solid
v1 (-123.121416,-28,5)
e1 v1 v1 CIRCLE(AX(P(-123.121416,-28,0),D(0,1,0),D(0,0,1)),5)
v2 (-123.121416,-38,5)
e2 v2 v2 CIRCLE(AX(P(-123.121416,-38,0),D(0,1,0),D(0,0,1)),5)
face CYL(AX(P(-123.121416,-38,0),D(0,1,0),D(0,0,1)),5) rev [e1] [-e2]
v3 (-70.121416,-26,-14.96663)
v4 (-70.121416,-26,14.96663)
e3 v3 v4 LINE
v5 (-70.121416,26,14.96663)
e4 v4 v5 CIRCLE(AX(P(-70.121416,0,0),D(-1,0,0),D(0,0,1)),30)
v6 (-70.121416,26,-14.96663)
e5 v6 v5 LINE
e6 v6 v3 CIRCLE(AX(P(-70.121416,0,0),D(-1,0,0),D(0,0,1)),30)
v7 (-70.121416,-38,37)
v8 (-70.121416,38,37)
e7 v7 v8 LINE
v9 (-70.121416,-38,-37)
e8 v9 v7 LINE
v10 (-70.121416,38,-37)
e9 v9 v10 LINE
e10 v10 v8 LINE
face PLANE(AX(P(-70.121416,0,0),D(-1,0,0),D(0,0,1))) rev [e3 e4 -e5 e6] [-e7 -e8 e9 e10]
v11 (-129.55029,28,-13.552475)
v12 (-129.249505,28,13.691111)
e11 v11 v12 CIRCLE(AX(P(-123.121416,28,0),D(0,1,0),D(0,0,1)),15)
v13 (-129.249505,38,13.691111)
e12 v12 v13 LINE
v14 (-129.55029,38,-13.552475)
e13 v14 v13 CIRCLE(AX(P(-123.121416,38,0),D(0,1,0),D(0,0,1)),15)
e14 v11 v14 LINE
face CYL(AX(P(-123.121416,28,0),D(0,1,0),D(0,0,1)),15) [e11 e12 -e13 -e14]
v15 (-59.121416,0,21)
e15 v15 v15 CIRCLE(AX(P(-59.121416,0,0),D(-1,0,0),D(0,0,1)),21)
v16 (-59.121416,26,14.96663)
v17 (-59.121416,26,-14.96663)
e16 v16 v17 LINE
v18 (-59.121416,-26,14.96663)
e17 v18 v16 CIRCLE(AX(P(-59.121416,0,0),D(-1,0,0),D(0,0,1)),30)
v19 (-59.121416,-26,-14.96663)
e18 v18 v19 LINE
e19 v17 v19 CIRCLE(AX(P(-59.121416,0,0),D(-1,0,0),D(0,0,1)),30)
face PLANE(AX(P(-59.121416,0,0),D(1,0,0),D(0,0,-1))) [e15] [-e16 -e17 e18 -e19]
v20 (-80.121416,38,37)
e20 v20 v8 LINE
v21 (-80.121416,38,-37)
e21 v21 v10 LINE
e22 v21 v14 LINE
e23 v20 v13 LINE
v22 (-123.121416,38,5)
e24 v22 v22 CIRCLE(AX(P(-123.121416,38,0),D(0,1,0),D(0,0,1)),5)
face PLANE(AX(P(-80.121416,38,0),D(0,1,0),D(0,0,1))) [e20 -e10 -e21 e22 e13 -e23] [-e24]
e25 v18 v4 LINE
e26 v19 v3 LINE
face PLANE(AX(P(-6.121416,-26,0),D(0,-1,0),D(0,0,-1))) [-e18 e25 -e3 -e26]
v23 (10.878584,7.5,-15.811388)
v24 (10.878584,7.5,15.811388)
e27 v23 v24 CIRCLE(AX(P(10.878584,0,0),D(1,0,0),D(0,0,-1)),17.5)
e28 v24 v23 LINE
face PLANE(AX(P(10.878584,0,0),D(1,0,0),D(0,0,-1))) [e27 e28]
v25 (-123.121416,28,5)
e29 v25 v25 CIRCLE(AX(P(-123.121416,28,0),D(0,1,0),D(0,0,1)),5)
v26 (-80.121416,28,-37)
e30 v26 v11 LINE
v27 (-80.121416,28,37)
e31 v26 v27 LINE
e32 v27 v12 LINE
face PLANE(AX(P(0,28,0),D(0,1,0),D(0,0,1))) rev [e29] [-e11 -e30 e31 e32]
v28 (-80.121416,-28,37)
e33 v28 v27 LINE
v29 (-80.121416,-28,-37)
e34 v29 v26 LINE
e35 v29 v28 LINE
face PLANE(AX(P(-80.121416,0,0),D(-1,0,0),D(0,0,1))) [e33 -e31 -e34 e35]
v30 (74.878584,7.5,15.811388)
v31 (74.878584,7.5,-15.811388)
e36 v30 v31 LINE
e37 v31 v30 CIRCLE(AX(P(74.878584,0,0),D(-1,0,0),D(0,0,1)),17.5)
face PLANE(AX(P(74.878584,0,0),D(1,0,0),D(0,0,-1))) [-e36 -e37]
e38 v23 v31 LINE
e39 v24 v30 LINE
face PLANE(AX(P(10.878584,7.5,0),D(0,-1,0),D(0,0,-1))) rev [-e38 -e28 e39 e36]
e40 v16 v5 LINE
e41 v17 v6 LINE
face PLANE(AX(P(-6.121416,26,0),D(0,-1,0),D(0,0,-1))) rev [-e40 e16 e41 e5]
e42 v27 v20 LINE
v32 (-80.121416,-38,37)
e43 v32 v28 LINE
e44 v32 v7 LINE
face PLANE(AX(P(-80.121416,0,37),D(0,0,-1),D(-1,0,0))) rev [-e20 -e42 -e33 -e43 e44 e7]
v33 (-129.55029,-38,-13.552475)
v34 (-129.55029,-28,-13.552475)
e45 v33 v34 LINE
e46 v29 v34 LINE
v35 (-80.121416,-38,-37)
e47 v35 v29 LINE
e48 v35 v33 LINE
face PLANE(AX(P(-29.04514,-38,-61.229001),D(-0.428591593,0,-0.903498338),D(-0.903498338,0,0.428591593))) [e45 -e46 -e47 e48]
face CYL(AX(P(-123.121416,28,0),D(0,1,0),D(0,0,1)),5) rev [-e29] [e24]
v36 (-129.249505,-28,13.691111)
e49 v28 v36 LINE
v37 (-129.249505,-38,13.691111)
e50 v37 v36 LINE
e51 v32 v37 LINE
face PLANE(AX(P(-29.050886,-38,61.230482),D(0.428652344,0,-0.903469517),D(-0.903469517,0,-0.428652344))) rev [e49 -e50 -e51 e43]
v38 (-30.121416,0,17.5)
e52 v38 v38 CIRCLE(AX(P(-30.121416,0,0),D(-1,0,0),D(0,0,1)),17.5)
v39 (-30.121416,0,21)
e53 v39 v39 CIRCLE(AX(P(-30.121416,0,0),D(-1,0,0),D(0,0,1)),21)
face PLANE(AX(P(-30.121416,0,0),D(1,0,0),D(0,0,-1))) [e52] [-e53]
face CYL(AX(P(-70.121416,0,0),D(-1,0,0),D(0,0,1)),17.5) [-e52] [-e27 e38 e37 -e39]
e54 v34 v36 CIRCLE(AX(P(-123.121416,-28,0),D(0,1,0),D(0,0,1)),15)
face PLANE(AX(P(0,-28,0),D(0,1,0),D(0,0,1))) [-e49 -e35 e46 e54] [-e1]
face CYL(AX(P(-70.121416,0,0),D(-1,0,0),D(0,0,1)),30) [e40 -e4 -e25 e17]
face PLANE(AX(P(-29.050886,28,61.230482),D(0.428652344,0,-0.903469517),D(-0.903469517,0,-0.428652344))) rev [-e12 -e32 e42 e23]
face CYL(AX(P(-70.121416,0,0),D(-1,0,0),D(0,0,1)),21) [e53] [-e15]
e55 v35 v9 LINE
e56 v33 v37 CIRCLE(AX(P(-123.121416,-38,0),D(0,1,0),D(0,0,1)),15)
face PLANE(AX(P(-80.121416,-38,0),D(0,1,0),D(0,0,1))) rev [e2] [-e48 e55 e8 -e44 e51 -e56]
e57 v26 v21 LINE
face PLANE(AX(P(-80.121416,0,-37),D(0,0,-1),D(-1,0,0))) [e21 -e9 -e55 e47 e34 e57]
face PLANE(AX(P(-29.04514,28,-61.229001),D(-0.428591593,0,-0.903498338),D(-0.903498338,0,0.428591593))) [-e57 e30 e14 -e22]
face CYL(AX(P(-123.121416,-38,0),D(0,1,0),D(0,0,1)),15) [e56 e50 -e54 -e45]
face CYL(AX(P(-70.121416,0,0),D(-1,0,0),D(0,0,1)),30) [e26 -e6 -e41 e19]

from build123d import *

# Parameters (mm, degrees)
CUT_EXTRUDE_1_DEPTH = 64
CUT_EXTRUDE_START   = -64
CUT_EXTRUDE_2_DEPTH = 64
SKETCH_4_W          = 74
SKETCH_4_H          = 76
EXTRUDE_1_DEPTH     = 10
EXTRUDE_START       = -66
SKETCH_5_R          = 5
EXTRUDE_2_DEPTH     = 10
SKETCH_5_3_R        = 5
EXTRUDE_3_DEPTH     = 10


with BuildPart() as part:
    # 스케치1 → 회전1 (revolve)
    with BuildSketch(Plane(origin=(0, 0, 0), x_dir=(1, 0, 0), z_dir=(0, 1, 0))):
        Polygon((74.878584377, 0), (-70.121415623, 0), (-70.121415623, -30), (-59.121415623, -30), (-59.121415623, -21), (-30.121415623, -21), (-30.121415623, -17.5), (74.878584377, -17.5), align=None)
    revolve(axis=Axis((-70.121415623, 0, 0), (1, 0, 0)))

    # 스케치2 → 컷-돌출1 (cut)
    with BuildSketch(Plane(origin=(74.878584377, 0, 0), x_dir=(0, 0, -1), z_dir=(1, 0, 0))):
        with BuildLine():
            ThreePointArc((15.811388301, 7.5), (0, 17.5), (-15.811388301, 7.5))
            Line((-15.811388301, 7.5), (15.811388301, 7.5))
        make_face()
    extrude(amount=-CUT_EXTRUDE_1_DEPTH, mode=Mode.SUBTRACT)

    # 스케치3 → 컷-돌출2 (cut)
    with BuildSketch(Plane.ZY.offset(70.121415623).offset(CUT_EXTRUDE_START)):
        with BuildLine():
            ThreePointArc((14.966629547, 26), (0, 30), (-14.966629547, 26))
            Line((-14.966629547, 26), (14.966629547, 26))
        make_face()
        with BuildLine():
            Line((14.966629547, -26), (-14.966629547, -26))
            ThreePointArc((-14.966629547, -26), (0, -30), (14.966629547, -26))
        make_face()
    extrude(amount=CUT_EXTRUDE_2_DEPTH, mode=Mode.SUBTRACT)

    # 스케치4 → 보스-돌출1 (add)
    with BuildSketch(Plane.ZY.offset(70.121415623)):
        Rectangle(SKETCH_4_W, SKETCH_4_H)
    extrude(amount=EXTRUDE_1_DEPTH)

    # 스케치5 → 보스-돌출2 (add)
    with BuildSketch(Plane(origin=(0, 38, 0), x_dir=(1, 0, 0), z_dir=(0, 1, 0)).offset(EXTRUDE_START)):
        with BuildLine():
            Line((-80.121415623, -37), (-80.121415623, 37))
            Line((-80.121415623, 37), (-129.550289518, 13.552475067))
            ThreePointArc((-129.550289518, 13.552475067), (-138.120501498, -0.165598609), (-129.249504521, -13.691111221))
            Line((-129.249504521, -13.691111221), (-80.121415623, -37))
        make_face()
        with Locations((-123.121415623, 0)):
            Circle(SKETCH_5_R, mode=Mode.SUBTRACT)
    extrude(amount=-EXTRUDE_2_DEPTH)

    # 스케치5<3> → 보스-돌출3 (add)
    with BuildSketch(Plane(origin=(0, 38, 0), x_dir=(1, 0, 0), z_dir=(0, 1, 0))):
        with BuildLine():
            Line((-80.121415623, -37), (-80.121415623, 37))
            Line((-80.121415623, 37), (-129.550289518, 13.552475067))
            ThreePointArc((-129.550289518, 13.552475067), (-138.120501498, -0.165598609), (-129.249504521, -13.691111221))
            Line((-129.249504521, -13.691111221), (-80.121415623, -37))
        make_face()
        with Locations((-123.121415623, 0)):
            Circle(SKETCH_5_3_R, mode=Mode.SUBTRACT)
    extrude(amount=-EXTRUDE_3_DEPTH)


solid = part.part
